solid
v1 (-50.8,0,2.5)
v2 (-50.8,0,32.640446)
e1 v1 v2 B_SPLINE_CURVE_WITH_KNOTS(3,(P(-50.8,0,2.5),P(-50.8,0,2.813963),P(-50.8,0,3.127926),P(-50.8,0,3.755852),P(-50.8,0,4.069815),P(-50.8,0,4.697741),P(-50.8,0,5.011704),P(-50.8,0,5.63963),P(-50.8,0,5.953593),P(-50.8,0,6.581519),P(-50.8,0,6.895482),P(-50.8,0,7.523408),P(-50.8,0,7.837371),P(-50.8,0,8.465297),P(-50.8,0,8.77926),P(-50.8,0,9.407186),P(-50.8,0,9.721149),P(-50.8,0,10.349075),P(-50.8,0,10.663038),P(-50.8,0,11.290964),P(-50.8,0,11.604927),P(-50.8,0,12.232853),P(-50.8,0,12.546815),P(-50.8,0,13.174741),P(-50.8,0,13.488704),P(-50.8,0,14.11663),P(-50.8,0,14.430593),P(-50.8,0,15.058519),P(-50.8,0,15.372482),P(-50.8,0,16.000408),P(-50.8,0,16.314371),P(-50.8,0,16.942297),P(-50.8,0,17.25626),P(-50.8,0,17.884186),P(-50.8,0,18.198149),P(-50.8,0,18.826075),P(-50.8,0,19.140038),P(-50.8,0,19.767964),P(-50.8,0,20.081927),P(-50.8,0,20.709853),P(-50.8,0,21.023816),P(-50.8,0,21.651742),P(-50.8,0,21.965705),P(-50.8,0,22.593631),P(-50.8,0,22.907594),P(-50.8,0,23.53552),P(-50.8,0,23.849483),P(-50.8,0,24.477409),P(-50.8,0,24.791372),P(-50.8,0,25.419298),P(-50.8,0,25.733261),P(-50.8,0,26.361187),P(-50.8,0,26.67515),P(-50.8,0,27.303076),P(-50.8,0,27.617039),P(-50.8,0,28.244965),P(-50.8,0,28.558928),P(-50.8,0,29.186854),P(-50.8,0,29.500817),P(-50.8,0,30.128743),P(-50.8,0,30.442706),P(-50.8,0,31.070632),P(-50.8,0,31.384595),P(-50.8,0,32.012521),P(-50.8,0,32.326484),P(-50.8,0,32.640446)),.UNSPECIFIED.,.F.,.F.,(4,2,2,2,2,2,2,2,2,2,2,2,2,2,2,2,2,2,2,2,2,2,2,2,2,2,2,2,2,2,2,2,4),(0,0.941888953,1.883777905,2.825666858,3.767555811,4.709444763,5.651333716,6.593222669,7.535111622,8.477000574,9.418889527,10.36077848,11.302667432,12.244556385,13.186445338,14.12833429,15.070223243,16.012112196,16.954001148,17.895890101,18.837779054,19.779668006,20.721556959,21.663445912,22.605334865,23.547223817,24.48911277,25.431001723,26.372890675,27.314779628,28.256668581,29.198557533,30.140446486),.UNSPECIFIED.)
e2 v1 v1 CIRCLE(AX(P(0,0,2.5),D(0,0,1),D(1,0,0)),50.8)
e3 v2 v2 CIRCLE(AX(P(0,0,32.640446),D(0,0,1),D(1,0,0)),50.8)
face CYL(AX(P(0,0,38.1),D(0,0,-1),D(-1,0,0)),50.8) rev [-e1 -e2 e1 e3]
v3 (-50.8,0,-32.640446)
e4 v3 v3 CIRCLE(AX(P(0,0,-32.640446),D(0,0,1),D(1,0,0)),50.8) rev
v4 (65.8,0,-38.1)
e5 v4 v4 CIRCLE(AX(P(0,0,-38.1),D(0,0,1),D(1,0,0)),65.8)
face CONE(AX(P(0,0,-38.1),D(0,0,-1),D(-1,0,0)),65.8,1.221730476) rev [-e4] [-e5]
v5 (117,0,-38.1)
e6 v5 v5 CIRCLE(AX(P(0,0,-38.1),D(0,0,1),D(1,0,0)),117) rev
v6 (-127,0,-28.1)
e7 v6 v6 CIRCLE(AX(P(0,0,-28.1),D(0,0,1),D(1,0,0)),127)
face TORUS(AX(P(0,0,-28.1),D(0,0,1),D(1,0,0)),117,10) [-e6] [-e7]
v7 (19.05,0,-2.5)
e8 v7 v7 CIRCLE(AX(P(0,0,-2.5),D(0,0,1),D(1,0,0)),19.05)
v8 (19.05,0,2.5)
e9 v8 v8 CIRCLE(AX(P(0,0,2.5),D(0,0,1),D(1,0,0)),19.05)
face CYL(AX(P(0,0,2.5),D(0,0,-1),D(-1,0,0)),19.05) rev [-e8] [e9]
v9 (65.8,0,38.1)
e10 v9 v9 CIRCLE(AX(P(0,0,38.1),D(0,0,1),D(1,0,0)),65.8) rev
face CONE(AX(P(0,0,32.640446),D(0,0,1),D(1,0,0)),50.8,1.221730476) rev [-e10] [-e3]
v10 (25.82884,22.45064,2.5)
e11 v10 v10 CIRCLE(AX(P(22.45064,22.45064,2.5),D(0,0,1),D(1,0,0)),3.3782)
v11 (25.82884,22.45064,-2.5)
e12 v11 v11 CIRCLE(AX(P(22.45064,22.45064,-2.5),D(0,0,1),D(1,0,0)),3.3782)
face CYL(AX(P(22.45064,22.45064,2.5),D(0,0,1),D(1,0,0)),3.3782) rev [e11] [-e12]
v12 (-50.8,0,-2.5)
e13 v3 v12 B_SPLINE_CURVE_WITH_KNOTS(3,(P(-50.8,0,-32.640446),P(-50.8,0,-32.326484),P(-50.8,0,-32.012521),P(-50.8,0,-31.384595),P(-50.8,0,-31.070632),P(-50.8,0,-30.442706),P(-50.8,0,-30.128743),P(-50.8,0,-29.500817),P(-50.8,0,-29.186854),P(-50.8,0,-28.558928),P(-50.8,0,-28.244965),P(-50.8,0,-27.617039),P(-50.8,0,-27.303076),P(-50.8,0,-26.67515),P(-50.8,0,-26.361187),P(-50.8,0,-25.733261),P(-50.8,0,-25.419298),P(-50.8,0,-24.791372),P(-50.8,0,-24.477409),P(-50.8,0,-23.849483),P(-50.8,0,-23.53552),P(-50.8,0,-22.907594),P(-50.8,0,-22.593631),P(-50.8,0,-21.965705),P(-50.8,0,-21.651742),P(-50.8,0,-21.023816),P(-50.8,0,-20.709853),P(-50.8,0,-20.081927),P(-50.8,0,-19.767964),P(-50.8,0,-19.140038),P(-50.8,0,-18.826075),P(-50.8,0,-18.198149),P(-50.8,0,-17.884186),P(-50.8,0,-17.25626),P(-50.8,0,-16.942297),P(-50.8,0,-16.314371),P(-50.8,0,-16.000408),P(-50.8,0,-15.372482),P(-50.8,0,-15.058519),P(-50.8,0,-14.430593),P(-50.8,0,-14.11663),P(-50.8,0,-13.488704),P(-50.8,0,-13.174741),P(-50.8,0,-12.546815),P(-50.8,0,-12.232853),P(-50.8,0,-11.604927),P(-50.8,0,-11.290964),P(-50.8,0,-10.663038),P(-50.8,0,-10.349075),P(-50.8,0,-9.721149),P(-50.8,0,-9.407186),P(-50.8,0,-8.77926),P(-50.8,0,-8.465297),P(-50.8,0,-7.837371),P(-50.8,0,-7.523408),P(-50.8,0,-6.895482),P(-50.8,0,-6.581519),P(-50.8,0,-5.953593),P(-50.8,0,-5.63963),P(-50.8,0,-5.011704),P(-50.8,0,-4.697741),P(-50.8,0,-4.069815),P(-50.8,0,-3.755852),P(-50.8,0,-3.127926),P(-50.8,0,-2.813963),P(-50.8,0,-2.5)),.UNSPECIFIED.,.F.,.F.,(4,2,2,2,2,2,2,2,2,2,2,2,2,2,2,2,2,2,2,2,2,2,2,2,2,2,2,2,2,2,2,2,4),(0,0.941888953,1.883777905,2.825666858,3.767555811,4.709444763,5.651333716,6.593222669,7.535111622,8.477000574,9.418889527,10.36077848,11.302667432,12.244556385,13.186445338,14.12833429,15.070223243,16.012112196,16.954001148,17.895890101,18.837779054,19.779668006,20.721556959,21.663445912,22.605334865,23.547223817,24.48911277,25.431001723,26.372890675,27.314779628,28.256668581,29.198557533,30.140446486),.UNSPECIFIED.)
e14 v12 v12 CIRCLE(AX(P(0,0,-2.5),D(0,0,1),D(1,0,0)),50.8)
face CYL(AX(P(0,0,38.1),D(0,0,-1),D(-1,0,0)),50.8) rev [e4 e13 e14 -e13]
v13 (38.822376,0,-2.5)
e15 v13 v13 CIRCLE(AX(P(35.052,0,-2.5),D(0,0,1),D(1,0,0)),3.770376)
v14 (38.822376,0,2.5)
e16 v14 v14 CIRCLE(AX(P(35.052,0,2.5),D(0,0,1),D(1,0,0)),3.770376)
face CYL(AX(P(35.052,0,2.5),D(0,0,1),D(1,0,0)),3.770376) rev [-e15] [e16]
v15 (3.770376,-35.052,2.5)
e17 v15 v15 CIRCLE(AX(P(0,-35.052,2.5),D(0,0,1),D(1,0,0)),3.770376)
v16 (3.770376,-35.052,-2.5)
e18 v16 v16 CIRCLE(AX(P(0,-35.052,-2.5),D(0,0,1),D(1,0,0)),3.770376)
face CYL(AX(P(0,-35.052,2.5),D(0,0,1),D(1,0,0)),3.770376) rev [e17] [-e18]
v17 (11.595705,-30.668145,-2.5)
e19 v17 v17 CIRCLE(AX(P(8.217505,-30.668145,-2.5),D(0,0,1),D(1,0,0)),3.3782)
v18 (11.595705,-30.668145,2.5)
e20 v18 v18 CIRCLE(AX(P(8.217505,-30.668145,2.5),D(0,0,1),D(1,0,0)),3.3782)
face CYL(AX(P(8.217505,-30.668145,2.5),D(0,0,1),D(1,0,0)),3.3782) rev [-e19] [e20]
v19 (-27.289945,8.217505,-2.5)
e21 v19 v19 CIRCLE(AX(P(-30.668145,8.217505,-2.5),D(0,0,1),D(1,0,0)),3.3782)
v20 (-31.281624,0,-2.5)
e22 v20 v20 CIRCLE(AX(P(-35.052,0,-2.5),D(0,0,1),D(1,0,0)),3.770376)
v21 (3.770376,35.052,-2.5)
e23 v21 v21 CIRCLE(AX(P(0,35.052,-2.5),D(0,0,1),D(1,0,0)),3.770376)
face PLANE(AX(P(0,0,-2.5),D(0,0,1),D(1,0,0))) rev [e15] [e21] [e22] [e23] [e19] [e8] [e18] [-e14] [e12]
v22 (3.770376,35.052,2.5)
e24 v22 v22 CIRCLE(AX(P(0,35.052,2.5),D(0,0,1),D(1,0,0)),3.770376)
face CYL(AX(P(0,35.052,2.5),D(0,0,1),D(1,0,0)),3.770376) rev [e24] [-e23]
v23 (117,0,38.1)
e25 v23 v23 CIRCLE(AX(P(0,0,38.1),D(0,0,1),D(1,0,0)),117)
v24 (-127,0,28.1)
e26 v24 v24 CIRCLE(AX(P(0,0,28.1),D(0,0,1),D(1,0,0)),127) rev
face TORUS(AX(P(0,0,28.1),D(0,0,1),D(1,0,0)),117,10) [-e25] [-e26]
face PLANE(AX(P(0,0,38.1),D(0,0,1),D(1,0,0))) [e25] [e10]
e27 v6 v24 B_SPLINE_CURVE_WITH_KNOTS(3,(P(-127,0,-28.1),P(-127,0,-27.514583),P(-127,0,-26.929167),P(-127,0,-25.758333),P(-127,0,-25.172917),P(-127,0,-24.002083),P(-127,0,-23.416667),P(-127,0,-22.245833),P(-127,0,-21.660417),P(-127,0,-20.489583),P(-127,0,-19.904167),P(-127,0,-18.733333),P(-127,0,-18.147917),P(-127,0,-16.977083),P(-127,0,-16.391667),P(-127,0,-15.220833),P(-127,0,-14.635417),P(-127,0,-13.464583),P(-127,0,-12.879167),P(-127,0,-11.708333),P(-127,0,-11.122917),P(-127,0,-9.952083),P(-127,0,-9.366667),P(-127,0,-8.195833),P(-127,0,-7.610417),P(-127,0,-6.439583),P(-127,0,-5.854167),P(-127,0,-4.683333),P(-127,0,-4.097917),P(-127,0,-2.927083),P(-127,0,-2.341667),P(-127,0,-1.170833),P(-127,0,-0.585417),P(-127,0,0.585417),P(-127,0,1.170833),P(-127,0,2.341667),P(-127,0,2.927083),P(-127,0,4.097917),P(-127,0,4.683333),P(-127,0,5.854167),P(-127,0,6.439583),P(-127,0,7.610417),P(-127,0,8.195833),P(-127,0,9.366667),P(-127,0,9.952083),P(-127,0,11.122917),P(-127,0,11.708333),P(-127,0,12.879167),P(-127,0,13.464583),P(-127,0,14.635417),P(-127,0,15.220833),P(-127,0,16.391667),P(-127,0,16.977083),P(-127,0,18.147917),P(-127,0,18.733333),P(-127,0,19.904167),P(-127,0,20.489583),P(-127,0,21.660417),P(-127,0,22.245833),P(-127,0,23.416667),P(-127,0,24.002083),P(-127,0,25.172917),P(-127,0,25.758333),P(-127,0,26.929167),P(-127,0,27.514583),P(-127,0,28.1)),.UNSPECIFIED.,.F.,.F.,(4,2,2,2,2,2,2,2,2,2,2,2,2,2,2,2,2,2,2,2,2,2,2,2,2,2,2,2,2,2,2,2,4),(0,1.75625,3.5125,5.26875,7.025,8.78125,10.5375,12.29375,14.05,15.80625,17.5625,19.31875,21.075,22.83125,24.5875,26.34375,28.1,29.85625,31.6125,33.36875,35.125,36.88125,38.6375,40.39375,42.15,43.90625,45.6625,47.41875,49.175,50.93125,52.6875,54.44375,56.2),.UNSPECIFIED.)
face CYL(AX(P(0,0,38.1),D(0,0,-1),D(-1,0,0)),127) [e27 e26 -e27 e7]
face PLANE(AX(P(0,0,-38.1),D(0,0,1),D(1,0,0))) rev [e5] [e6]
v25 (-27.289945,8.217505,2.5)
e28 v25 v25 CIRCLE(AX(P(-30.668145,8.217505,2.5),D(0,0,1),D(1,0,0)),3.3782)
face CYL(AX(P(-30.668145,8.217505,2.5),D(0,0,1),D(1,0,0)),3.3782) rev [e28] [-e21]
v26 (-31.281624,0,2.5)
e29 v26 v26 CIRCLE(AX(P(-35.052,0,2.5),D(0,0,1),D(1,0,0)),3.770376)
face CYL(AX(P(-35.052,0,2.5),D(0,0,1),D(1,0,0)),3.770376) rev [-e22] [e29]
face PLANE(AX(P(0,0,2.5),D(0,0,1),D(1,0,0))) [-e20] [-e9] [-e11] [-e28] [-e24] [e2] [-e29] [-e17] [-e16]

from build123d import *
from OCP.BRepFilletAPI import BRepFilletAPI_MakeChamfer

# Parameters (mm, degrees)
SKETCH1_R                            = 127
SKETCH1_R_2                          = 50.8
BOSS_EXTRUDE1_DEPTH                  = 38.1
CHAMFER1_SIZE                        = 15
CHAMFER1_SIZE2                       = 5.459553514
FILLET1_R                            = 10
SKETCH2_R                            = 50.8
SKETCH2_R_2                          = 19.05
BOSS_EXTRUDE2_DEPTH                  = 2.5
F_19_64_0_29688_DIAMETER_HOLE1_D     = 7.540752
F_19_64_0_29688_DIAMETER_HOLE1_DEPTH = 18.75
F_19_64_0_29688_DIAMETER_HOLE1_TIP   = 2.265470457
F_1_4_CLEARANCE_HOLE1_D              = 6.7564
F_1_4_CLEARANCE_HOLE1_DEPTH          = 18.75
F_1_4_CLEARANCE_HOLE1_TIP            = 2.029827343


with BuildPart() as part:
    # Sketch1 → Boss-Extrude1 (new, symmetric)
    with BuildSketch(Plane.XY):
        with Locations(Location((0, 0, 0), (0, 0, 180))):
            Circle(SKETCH1_R)
        with Locations(Location((0, 0, 0), (0, 0, 180))):
            Circle(SKETCH1_R_2, mode=Mode.SUBTRACT)
    extrude(amount=BOSS_EXTRUDE1_DEPTH, both=True)

    # Chamfer1: one chamfer whose edges measure the first distance from different faces: ONE call of the kernel's chamfer builder (chamfer() names one face for all edges)
    chamfer1_edges_1 = [part.edges().sort_by_distance(p)[0] for p in [
        (50.8, 0, -38.1),
    ]]
    chamfer1_side_1 = [part.faces().sort_by_distance(p)[0] for p in [
        (123.407897552, 0, -38.1),
    ]]
    chamfer1_edges_2 = [part.edges().sort_by_distance(p)[0] for p in [
        (50.8, 0, 38.1),
    ]]
    chamfer1_side_2 = [part.faces().sort_by_distance(p)[0] for p in [
        (123.407897552, 0, 38.1),
    ]]
    chamfer1 = BRepFilletAPI_MakeChamfer(part.part.solid().wrapped)
    for e in chamfer1_edges_1:
        chamfer1.Add(CHAMFER1_SIZE, CHAMFER1_SIZE2, e.wrapped, chamfer1_side_1[0].wrapped)  # the first distance lies on this face
    for e in chamfer1_edges_2:
        chamfer1.Add(CHAMFER1_SIZE, CHAMFER1_SIZE2, e.wrapped, chamfer1_side_2[0].wrapped)  # the first distance lies on this face
    add(Compound.cast(chamfer1.Shape()), mode=Mode.REPLACE)

    # Fillet1
    fillet1_edges = [part.edges().sort_by_distance(p)[0] for p in [
        (127, 0, -38.1),
        (127, 0, 38.1),
    ]]
    fillet(fillet1_edges, radius=FILLET1_R)

    # Sketch2 → Boss-Extrude2 (add, symmetric)
    with BuildSketch(Plane.XY):
        with Locations(Location((0, 0, 0), (0, 0, 180))):
            Circle(SKETCH2_R)
        Circle(SKETCH2_R_2, mode=Mode.SUBTRACT)
    extrude(amount=BOSS_EXTRUDE2_DEPTH, both=True)

    # 19/64 (0.29688) Diameter Hole1
    with Locations(Plane.XY.offset(2.5)):
        with Locations((0, 35.052), (35.052, 0), (0, -35.052), (-35.052, 0)):
            Hole(F_19_64_0_29688_DIAMETER_HOLE1_D / 2, depth=F_19_64_0_29688_DIAMETER_HOLE1_DEPTH)
            with Locations((0, 0, -(F_19_64_0_29688_DIAMETER_HOLE1_DEPTH + F_19_64_0_29688_DIAMETER_HOLE1_TIP / 2))):  # 118° drill point
                Cone(0, F_19_64_0_29688_DIAMETER_HOLE1_D / 2, F_19_64_0_29688_DIAMETER_HOLE1_TIP, mode=Mode.SUBTRACT)

    # 1/4 Clearance Hole1
    with Locations(Plane.XY.offset(2.5)):
        with Locations((-30.668144985, 8.217504682), (22.450640303, 22.450640303), (8.217504682, -30.668144985)):
            Hole(F_1_4_CLEARANCE_HOLE1_D / 2, depth=F_1_4_CLEARANCE_HOLE1_DEPTH)
            with Locations((0, 0, -(F_1_4_CLEARANCE_HOLE1_DEPTH + F_1_4_CLEARANCE_HOLE1_TIP / 2))):  # 118° drill point
                Cone(0, F_1_4_CLEARANCE_HOLE1_D / 2, F_1_4_CLEARANCE_HOLE1_TIP, mode=Mode.SUBTRACT)


solid = part.part
